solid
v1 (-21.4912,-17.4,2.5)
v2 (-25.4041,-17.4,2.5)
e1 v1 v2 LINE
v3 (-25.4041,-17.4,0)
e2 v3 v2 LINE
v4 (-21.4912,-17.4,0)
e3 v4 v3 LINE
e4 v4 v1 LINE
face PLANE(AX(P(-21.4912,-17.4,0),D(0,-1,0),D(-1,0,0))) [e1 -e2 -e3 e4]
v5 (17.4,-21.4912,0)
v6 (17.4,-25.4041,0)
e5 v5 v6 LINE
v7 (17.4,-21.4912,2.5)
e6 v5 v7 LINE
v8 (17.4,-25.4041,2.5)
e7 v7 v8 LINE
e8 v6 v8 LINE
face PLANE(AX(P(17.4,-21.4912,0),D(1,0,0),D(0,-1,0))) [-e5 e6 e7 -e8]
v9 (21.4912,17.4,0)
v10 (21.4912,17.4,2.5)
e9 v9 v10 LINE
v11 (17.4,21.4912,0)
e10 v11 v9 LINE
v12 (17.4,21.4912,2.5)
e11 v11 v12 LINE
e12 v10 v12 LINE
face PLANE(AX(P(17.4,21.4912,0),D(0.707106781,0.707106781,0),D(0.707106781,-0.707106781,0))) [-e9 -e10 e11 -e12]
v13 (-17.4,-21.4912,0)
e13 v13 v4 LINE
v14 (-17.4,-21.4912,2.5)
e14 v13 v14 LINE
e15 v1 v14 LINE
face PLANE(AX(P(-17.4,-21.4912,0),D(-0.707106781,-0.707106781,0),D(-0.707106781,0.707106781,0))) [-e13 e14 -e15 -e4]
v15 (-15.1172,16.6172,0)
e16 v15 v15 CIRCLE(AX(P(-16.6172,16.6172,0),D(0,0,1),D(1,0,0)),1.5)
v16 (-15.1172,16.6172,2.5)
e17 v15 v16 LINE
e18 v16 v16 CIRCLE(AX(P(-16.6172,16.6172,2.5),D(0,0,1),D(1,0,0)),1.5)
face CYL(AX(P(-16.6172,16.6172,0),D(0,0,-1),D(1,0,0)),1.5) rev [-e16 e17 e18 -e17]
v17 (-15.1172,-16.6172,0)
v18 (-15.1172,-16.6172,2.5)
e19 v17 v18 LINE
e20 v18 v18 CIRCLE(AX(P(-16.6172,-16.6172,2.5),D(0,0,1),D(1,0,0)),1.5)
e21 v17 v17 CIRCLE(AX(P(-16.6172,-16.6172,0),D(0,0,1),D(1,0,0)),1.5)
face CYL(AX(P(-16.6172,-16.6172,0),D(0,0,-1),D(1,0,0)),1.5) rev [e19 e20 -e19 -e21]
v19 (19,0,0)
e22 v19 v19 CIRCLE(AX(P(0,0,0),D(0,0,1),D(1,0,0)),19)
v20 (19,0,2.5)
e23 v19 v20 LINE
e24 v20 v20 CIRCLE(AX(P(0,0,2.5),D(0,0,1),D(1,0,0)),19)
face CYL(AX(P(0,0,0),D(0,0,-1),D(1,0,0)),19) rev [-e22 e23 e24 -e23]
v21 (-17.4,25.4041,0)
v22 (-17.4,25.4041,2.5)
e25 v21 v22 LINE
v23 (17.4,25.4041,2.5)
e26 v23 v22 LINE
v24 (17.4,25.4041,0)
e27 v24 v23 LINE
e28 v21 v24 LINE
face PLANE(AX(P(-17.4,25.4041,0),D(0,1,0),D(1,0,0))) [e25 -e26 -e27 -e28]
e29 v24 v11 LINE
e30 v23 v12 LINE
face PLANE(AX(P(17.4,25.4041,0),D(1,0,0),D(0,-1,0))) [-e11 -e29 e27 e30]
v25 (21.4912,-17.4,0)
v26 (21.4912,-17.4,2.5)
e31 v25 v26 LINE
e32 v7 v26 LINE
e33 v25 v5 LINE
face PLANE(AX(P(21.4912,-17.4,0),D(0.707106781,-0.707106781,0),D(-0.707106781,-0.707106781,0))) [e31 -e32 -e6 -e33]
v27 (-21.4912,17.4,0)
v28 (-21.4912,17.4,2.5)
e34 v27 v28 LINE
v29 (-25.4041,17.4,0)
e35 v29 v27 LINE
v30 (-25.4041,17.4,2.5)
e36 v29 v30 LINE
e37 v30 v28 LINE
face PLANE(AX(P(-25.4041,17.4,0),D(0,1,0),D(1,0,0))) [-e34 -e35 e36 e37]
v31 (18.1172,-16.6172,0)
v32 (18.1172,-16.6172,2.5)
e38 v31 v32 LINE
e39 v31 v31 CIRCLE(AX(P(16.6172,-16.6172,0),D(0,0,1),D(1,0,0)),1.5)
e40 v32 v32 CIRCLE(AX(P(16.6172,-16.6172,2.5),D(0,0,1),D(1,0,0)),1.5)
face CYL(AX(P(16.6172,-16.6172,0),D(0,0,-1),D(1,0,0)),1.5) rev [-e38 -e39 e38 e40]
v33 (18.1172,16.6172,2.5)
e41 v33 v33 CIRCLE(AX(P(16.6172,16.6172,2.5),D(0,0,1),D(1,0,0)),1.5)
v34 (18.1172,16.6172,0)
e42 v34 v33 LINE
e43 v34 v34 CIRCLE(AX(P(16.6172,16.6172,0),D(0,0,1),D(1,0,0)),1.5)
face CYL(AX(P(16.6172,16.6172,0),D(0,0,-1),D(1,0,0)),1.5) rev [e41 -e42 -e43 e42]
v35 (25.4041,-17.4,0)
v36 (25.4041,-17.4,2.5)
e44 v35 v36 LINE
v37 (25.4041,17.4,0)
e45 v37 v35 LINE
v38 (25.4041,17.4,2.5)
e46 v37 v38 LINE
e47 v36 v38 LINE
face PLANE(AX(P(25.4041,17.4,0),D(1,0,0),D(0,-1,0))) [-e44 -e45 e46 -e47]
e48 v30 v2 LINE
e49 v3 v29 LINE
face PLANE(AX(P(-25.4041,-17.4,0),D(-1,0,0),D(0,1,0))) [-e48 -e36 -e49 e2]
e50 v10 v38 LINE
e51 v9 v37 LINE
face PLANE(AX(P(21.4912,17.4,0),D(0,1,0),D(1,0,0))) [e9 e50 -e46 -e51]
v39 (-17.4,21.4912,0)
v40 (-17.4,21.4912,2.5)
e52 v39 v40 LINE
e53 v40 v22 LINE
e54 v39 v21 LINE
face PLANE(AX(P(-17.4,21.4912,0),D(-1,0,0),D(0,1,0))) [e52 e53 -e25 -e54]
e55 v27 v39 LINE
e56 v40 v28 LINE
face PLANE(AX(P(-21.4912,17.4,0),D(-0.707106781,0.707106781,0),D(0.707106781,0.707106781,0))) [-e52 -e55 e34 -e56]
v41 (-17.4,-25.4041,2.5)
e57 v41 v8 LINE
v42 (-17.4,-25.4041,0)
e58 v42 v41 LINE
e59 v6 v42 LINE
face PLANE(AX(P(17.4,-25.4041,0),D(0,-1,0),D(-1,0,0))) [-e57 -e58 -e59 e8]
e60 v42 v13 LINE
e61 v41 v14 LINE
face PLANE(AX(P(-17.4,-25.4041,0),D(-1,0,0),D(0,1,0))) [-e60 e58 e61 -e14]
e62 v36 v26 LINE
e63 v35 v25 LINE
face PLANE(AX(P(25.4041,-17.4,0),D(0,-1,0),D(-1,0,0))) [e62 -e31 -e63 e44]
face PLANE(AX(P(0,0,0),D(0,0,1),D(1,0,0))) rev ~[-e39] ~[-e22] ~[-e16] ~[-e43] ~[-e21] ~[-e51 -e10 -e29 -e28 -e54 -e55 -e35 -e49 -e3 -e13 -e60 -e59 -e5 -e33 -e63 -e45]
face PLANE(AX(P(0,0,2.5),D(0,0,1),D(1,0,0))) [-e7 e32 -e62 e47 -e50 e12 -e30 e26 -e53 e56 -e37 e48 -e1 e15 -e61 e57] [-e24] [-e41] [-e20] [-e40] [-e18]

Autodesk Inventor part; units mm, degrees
ref_plane "YZ Plane" through (0, 0, 0) normal (1, 0, 0) x (0, 1, 0)
ref_plane "XZ Plane" through (0, 0, 0) normal (0, 1, 0) x (-1, 0, 0)
ref_plane "XY Plane" through (0, 0, 0) normal (0, 0, 1) x (1, 0, 0)
sketch "Skizze1" plane through (0, 0, 0) normal (0, 0, 1) x (1, 0, 0)
  line L0 (-38.127, 0) -> (50.9334, 0) construction
  line L1 (0, -35.8887) -> (0, 37.5035) construction
  line L2 (0, 0) -> (27.0189, 27.0189) construction
  line L3 (0, 0) -> (38.2105, 0) construction
  line L4 (0, 24.9041) -> (16.9, 24.9041)
  line L5 (16.9, 24.9041) -> (16.9, 21.2841)
  line L6 (16.9, 21.2841) -> (19.092, 19.092)
  line L7 (24.9041, 0) -> (24.9041, 16.9)
  line L8 (24.9041, 16.9) -> (21.2841, 16.9)
  line L9 (21.2841, 16.9) -> (19.092, 19.092)
  line L10 (0, 24.9041) -> (-16.9, 24.9041)
  line L11 (-16.9, 24.9041) -> (-16.9, 21.2841)
  line L12 (-16.9, 21.2841) -> (-19.092, 19.092)
  line L13 (-24.9041, 0) -> (-24.9041, 16.9)
  line L14 (-24.9041, 16.9) -> (-21.2841, 16.9)
  line L15 (-21.2841, 16.9) -> (-19.092, 19.092)
  line L16 (0, -24.9041) -> (16.9, -24.9041)
  line L17 (16.9, -24.9041) -> (16.9, -21.2841)
  line L18 (16.9, -21.2841) -> (19.092, -19.092)
  line L19 (24.9041, 0) -> (24.9041, -16.9)
  line L20 (24.9041, -16.9) -> (21.2841, -16.9)
  line L21 (21.2841, -16.9) -> (19.092, -19.092)
  line L22 (0, -24.9041) -> (-16.9, -24.9041)
  line L23 (-16.9, -24.9041) -> (-16.9, -21.2841)
  line L24 (-16.9, -21.2841) -> (-19.092, -19.092)
  line L25 (-24.9041, 0) -> (-24.9041, -16.9)
  line L26 (-24.9041, -16.9) -> (-21.2841, -16.9)
  line L27 (-21.2841, -16.9) -> (-19.092, -19.092)
  circle A0 centre (0, 0) radius 19
  circle A1 centre (-16.6172, 16.6172) radius 1.5
  line L28 (-16.6172, 16.6172) -> (16.6172, 16.6172) construction
  line L29 (16.6172, 16.6172) -> (16.6172, -16.6172) construction
  line L30 (16.6172, -16.6172) -> (-16.6172, -16.6172) construction
  line L31 (-16.6172, -16.6172) -> (-16.6172, 16.6172) construction
  circle A2 centre (16.6172, 16.6172) radius 1.5
  circle A3 centre (-16.6172, -16.6172) radius 1.5
  circle A4 centre (16.6172, -16.6172) radius 1.5
  line L32 (-17.4, 25.4041) -> (0, 25.4041)
  line L33 (0, 25.4041) -> (17.4, 25.4041)
  line L34 (17.4, 25.4041) -> (17.4, 21.4912)
  line L35 (17.4, 21.4912) -> (19.4456, 19.4456)
  line L36 (19.4456, 19.4456) -> (21.4912, 17.4)
  line L37 (21.4912, 17.4) -> (25.4041, 17.4)
  line L38 (25.4041, 17.4) -> (25.4041, 0)
  line L39 (25.4041, 0) -> (25.4041, -17.4)
  line L40 (25.4041, -17.4) -> (21.4912, -17.4)
  line L41 (21.4912, -17.4) -> (19.4456, -19.4456)
  line L42 (19.4456, -19.4456) -> (17.4, -21.4912)
  line L43 (17.4, -21.4912) -> (17.4, -25.4041)
  line L44 (17.4, -25.4041) -> (0, -25.4041)
  line L45 (0, -25.4041) -> (-17.4, -25.4041)
  line L46 (-17.4, -25.4041) -> (-17.4, -21.4912)
  line L47 (-17.4, -21.4912) -> (-19.4456, -19.4456)
  line L48 (-19.4456, -19.4456) -> (-21.4912, -17.4)
  line L49 (-21.4912, -17.4) -> (-25.4041, -17.4)
  line L50 (-25.4041, -17.4) -> (-25.4041, 0)
  line L51 (-25.4041, 0) -> (-25.4041, 17.4)
  line L52 (-25.4041, 17.4) -> (-21.4912, 17.4)
  line L53 (-21.4912, 17.4) -> (-19.4456, 19.4456)
  line L54 (-19.4456, 19.4456) -> (-17.4, 21.4912)
  line L55 (-17.4, 21.4912) -> (-17.4, 25.4041)
  dimension "d0" = 45
  dimension "d1" = 16.9
  dimension "d2" = 3.62
  dimension "d3" = 3.1
  dimension "d4" = 38
  dimension "d7" = 3
  dimension "d8" = 3
  dimension "d9" = 3
  dimension "d10" = 3
  dimension "d11" = 3.5
  dimension "d12" = 0.5
extrude "Extrusion1" add sketch "Skizze1" along normal blind 2.5 contours L4 L5 L6 L9 L8 L7 L19 L20 L21 L18 L17 L16 L22 L23 L24 L27 L26 L25 L13 L14 L15 L12 L11 L10 | L32 L33 L34 L35 L36 L37 L38 L39 L40 L41 L42 L43 L44 L45 L46 L47 L48 L49 L50 L51 L52 L53 L54 L55
equation "\"d8\" = d7"
equation "\"d9\" = d7"
equation "\"d10\" = d7"
properties part number "LC_lens_holder_outer"
